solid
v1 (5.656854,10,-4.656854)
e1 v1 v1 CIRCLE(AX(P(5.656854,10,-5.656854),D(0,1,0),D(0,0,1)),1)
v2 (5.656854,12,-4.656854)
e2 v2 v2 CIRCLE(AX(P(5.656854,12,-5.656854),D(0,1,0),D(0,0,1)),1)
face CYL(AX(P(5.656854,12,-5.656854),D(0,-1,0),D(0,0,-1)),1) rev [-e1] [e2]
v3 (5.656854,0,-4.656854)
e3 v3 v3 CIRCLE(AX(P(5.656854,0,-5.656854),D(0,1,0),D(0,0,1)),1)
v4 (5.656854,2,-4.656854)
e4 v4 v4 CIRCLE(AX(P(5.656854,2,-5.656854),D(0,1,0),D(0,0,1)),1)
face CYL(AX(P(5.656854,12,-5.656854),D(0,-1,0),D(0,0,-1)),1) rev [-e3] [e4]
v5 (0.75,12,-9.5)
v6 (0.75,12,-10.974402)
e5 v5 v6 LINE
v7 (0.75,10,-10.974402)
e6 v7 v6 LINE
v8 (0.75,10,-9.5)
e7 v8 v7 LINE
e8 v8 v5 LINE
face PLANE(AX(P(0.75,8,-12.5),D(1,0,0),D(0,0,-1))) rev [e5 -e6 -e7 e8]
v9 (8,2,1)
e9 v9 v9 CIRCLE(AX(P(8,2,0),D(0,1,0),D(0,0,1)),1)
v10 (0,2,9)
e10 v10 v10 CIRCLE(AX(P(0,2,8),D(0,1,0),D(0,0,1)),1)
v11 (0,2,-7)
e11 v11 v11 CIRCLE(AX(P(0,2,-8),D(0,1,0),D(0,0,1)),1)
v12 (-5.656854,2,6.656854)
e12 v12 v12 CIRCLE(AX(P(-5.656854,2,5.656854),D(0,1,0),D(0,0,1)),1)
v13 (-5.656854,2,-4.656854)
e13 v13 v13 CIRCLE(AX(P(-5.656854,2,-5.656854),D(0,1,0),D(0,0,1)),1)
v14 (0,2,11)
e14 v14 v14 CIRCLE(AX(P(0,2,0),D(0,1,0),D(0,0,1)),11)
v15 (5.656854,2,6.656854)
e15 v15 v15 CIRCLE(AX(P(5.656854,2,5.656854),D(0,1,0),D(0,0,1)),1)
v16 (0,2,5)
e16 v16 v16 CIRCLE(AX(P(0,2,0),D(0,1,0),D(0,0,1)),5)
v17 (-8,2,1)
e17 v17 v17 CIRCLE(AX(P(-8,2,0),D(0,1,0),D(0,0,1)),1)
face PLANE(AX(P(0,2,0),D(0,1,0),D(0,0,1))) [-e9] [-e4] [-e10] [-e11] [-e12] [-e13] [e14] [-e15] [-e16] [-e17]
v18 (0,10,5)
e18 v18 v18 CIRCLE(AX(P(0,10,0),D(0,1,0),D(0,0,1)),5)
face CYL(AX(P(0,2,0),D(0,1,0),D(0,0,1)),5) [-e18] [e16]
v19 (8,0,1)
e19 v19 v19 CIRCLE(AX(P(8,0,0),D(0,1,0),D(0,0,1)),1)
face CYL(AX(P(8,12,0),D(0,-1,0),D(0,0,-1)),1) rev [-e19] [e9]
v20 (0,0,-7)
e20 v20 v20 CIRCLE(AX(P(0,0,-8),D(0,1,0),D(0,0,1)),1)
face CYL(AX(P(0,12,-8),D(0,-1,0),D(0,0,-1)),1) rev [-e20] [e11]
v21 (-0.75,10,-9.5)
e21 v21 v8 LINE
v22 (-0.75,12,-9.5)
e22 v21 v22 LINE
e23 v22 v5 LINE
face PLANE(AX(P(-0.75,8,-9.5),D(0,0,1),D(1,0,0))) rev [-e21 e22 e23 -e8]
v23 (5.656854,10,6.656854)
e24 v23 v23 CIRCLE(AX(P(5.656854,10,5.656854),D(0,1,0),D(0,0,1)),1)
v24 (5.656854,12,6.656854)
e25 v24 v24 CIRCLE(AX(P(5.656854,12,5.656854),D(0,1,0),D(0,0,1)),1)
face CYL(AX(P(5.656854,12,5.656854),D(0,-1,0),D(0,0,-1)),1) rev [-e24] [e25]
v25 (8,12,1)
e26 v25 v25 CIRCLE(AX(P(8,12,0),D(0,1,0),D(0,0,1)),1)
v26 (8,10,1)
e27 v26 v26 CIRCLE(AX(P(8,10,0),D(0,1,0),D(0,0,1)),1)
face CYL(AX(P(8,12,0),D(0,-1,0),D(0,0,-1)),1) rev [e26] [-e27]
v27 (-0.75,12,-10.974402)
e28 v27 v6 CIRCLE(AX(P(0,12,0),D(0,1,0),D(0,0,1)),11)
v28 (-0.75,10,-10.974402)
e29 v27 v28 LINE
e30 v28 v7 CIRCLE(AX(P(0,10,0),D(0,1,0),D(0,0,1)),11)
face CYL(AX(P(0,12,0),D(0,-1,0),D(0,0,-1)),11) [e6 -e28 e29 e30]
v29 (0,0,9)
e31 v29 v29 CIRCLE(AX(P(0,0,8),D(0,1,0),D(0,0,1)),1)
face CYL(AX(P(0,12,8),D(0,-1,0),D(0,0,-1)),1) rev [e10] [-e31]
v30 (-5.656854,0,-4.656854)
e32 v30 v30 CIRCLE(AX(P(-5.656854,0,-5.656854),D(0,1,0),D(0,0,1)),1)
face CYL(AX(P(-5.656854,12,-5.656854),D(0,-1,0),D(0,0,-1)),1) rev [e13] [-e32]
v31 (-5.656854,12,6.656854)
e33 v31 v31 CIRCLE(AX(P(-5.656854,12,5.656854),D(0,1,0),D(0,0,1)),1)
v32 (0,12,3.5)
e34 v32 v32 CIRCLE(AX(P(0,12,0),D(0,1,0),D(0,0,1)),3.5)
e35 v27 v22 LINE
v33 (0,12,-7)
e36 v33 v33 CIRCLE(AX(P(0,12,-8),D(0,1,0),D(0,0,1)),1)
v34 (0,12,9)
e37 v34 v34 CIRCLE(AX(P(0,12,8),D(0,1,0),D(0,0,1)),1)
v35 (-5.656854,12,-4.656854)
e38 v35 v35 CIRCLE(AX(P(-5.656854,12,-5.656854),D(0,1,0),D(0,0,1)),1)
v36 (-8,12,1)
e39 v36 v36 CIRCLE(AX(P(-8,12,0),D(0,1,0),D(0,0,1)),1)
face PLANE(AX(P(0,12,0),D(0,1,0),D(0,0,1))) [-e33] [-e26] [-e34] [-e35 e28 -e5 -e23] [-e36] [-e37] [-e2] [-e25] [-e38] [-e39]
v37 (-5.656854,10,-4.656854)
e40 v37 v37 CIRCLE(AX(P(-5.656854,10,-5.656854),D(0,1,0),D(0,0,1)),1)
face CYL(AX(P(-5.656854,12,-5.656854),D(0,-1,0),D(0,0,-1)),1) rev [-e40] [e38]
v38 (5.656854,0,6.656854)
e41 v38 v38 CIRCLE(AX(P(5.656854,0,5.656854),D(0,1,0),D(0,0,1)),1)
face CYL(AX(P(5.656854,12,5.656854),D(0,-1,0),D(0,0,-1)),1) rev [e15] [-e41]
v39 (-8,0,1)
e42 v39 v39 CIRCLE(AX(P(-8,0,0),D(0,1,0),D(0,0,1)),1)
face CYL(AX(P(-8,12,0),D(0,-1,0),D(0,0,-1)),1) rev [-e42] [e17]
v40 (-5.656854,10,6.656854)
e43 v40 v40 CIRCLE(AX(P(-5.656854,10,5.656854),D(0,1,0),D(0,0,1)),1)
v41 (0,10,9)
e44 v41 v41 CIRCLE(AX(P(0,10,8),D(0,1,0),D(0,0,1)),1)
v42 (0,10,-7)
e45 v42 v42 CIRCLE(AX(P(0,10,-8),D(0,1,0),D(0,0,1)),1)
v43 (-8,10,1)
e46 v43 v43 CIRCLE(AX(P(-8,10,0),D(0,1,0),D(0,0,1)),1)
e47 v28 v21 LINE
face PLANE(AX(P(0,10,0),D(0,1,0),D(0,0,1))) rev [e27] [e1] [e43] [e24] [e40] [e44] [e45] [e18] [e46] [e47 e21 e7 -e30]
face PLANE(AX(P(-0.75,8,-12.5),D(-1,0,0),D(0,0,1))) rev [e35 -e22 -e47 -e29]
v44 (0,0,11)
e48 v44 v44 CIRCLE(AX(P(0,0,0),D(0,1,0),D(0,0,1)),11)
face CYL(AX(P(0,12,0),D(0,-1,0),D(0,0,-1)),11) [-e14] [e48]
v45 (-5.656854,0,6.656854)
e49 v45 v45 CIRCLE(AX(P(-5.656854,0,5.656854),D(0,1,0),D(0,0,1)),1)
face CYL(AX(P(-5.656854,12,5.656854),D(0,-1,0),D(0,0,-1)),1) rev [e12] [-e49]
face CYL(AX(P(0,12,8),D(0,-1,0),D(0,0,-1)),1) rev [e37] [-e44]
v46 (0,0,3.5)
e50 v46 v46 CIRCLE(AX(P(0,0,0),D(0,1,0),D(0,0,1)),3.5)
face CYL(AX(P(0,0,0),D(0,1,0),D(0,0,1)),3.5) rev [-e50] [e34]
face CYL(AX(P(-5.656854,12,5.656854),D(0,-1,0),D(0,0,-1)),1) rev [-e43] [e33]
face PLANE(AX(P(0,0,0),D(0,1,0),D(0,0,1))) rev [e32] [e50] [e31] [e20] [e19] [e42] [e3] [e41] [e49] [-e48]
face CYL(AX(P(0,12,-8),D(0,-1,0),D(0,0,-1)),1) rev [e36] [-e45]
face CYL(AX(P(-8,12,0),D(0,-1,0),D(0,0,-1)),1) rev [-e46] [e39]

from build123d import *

# Parameters (mm, degrees)
SKETCH1_R           = 11
SKETCH1_R_2         = 1
BOSS_EXTRUDE1_DEPTH = 12
SKETCH2_R           = 3.5
CUT_EXTRUDE1_DEPTH  = 20.646882704
CUT_EXTRUDE2_START  = -8
SKETCH3_R           = 11
SKETCH3_R_2         = 5
CUT_EXTRUDE2_DEPTH  = 8
SKETCH4_W           = 1.5
SKETCH4_H           = 3
CUT_EXTRUDE3_DEPTH  = 4


with BuildPart() as part:
    # Sketch1 → Boss-Extrude1 (new body)
    with BuildSketch(Plane(origin=(0, 0, 0), x_dir=(1, 0, 0), z_dir=(0, 1, 0))):
        with Locations(Location((0, 0, 0), (0, 0, 270))):
            Circle(SKETCH1_R)
        with Locations(Location((0, 8, 0), (0, 0, 270))):
            Circle(SKETCH1_R_2, mode=Mode.SUBTRACT)
        with Locations(Location((5.656854249, 5.656854249, 0), (0, 0, 270))):
            Circle(SKETCH1_R_2, mode=Mode.SUBTRACT)
        with Locations(Location((8, 0, 0), (0, 0, 270))):
            Circle(SKETCH1_R_2, mode=Mode.SUBTRACT)
        with Locations(Location((5.656854249, -5.656854249, 0), (0, 0, 270))):
            Circle(SKETCH1_R_2, mode=Mode.SUBTRACT)
        with Locations(Location((0, -8, 0), (0, 0, 270))):
            Circle(SKETCH1_R_2, mode=Mode.SUBTRACT)
        with Locations(Location((-5.656854249, -5.656854249, 0), (0, 0, 270))):
            Circle(SKETCH1_R_2, mode=Mode.SUBTRACT)
        with Locations(Location((-8, 0, 0), (0, 0, 270))):
            Circle(SKETCH1_R_2, mode=Mode.SUBTRACT)
        with Locations(Location((-5.656854249, 5.656854249, 0), (0, 0, 270))):
            Circle(SKETCH1_R_2, mode=Mode.SUBTRACT)
    extrude(amount=BOSS_EXTRUDE1_DEPTH)

    # Sketch2 → Cut-Extrude1 (cut, through all)
    with BuildSketch(Plane(origin=(0, 12, 0), x_dir=(1, 0, 0), z_dir=(0, 1, 0))):
        with Locations(Location((0, 0, 0), (0, 0, 270))):
            Circle(SKETCH2_R)
    extrude(amount=-CUT_EXTRUDE1_DEPTH, mode=Mode.SUBTRACT)

    # Sketch3 → Cut-Extrude2 (cut)
    with BuildSketch(Plane(origin=(0, 10, 0), x_dir=(1, 0, 0), z_dir=(0, 1, 0)).offset(CUT_EXTRUDE2_START)):
        with Locations(Location((0, 0, 0), (0, 0, 270))):
            Circle(SKETCH3_R)
        with Locations(Location((0, 0, 0), (0, 0, 270))):
            Circle(SKETCH3_R_2, mode=Mode.SUBTRACT)
    extrude(amount=CUT_EXTRUDE2_DEPTH, mode=Mode.SUBTRACT)

    # Sketch4 → Cut-Extrude3 (cut)
    with BuildSketch(Plane(origin=(0, 12, 0), x_dir=(1, 0, 0), z_dir=(0, 1, 0))):
        with Locations((0, 11)):
            Rectangle(SKETCH4_W, SKETCH4_H)
    extrude(amount=-CUT_EXTRUDE3_DEPTH, mode=Mode.SUBTRACT)


solid = part.part
